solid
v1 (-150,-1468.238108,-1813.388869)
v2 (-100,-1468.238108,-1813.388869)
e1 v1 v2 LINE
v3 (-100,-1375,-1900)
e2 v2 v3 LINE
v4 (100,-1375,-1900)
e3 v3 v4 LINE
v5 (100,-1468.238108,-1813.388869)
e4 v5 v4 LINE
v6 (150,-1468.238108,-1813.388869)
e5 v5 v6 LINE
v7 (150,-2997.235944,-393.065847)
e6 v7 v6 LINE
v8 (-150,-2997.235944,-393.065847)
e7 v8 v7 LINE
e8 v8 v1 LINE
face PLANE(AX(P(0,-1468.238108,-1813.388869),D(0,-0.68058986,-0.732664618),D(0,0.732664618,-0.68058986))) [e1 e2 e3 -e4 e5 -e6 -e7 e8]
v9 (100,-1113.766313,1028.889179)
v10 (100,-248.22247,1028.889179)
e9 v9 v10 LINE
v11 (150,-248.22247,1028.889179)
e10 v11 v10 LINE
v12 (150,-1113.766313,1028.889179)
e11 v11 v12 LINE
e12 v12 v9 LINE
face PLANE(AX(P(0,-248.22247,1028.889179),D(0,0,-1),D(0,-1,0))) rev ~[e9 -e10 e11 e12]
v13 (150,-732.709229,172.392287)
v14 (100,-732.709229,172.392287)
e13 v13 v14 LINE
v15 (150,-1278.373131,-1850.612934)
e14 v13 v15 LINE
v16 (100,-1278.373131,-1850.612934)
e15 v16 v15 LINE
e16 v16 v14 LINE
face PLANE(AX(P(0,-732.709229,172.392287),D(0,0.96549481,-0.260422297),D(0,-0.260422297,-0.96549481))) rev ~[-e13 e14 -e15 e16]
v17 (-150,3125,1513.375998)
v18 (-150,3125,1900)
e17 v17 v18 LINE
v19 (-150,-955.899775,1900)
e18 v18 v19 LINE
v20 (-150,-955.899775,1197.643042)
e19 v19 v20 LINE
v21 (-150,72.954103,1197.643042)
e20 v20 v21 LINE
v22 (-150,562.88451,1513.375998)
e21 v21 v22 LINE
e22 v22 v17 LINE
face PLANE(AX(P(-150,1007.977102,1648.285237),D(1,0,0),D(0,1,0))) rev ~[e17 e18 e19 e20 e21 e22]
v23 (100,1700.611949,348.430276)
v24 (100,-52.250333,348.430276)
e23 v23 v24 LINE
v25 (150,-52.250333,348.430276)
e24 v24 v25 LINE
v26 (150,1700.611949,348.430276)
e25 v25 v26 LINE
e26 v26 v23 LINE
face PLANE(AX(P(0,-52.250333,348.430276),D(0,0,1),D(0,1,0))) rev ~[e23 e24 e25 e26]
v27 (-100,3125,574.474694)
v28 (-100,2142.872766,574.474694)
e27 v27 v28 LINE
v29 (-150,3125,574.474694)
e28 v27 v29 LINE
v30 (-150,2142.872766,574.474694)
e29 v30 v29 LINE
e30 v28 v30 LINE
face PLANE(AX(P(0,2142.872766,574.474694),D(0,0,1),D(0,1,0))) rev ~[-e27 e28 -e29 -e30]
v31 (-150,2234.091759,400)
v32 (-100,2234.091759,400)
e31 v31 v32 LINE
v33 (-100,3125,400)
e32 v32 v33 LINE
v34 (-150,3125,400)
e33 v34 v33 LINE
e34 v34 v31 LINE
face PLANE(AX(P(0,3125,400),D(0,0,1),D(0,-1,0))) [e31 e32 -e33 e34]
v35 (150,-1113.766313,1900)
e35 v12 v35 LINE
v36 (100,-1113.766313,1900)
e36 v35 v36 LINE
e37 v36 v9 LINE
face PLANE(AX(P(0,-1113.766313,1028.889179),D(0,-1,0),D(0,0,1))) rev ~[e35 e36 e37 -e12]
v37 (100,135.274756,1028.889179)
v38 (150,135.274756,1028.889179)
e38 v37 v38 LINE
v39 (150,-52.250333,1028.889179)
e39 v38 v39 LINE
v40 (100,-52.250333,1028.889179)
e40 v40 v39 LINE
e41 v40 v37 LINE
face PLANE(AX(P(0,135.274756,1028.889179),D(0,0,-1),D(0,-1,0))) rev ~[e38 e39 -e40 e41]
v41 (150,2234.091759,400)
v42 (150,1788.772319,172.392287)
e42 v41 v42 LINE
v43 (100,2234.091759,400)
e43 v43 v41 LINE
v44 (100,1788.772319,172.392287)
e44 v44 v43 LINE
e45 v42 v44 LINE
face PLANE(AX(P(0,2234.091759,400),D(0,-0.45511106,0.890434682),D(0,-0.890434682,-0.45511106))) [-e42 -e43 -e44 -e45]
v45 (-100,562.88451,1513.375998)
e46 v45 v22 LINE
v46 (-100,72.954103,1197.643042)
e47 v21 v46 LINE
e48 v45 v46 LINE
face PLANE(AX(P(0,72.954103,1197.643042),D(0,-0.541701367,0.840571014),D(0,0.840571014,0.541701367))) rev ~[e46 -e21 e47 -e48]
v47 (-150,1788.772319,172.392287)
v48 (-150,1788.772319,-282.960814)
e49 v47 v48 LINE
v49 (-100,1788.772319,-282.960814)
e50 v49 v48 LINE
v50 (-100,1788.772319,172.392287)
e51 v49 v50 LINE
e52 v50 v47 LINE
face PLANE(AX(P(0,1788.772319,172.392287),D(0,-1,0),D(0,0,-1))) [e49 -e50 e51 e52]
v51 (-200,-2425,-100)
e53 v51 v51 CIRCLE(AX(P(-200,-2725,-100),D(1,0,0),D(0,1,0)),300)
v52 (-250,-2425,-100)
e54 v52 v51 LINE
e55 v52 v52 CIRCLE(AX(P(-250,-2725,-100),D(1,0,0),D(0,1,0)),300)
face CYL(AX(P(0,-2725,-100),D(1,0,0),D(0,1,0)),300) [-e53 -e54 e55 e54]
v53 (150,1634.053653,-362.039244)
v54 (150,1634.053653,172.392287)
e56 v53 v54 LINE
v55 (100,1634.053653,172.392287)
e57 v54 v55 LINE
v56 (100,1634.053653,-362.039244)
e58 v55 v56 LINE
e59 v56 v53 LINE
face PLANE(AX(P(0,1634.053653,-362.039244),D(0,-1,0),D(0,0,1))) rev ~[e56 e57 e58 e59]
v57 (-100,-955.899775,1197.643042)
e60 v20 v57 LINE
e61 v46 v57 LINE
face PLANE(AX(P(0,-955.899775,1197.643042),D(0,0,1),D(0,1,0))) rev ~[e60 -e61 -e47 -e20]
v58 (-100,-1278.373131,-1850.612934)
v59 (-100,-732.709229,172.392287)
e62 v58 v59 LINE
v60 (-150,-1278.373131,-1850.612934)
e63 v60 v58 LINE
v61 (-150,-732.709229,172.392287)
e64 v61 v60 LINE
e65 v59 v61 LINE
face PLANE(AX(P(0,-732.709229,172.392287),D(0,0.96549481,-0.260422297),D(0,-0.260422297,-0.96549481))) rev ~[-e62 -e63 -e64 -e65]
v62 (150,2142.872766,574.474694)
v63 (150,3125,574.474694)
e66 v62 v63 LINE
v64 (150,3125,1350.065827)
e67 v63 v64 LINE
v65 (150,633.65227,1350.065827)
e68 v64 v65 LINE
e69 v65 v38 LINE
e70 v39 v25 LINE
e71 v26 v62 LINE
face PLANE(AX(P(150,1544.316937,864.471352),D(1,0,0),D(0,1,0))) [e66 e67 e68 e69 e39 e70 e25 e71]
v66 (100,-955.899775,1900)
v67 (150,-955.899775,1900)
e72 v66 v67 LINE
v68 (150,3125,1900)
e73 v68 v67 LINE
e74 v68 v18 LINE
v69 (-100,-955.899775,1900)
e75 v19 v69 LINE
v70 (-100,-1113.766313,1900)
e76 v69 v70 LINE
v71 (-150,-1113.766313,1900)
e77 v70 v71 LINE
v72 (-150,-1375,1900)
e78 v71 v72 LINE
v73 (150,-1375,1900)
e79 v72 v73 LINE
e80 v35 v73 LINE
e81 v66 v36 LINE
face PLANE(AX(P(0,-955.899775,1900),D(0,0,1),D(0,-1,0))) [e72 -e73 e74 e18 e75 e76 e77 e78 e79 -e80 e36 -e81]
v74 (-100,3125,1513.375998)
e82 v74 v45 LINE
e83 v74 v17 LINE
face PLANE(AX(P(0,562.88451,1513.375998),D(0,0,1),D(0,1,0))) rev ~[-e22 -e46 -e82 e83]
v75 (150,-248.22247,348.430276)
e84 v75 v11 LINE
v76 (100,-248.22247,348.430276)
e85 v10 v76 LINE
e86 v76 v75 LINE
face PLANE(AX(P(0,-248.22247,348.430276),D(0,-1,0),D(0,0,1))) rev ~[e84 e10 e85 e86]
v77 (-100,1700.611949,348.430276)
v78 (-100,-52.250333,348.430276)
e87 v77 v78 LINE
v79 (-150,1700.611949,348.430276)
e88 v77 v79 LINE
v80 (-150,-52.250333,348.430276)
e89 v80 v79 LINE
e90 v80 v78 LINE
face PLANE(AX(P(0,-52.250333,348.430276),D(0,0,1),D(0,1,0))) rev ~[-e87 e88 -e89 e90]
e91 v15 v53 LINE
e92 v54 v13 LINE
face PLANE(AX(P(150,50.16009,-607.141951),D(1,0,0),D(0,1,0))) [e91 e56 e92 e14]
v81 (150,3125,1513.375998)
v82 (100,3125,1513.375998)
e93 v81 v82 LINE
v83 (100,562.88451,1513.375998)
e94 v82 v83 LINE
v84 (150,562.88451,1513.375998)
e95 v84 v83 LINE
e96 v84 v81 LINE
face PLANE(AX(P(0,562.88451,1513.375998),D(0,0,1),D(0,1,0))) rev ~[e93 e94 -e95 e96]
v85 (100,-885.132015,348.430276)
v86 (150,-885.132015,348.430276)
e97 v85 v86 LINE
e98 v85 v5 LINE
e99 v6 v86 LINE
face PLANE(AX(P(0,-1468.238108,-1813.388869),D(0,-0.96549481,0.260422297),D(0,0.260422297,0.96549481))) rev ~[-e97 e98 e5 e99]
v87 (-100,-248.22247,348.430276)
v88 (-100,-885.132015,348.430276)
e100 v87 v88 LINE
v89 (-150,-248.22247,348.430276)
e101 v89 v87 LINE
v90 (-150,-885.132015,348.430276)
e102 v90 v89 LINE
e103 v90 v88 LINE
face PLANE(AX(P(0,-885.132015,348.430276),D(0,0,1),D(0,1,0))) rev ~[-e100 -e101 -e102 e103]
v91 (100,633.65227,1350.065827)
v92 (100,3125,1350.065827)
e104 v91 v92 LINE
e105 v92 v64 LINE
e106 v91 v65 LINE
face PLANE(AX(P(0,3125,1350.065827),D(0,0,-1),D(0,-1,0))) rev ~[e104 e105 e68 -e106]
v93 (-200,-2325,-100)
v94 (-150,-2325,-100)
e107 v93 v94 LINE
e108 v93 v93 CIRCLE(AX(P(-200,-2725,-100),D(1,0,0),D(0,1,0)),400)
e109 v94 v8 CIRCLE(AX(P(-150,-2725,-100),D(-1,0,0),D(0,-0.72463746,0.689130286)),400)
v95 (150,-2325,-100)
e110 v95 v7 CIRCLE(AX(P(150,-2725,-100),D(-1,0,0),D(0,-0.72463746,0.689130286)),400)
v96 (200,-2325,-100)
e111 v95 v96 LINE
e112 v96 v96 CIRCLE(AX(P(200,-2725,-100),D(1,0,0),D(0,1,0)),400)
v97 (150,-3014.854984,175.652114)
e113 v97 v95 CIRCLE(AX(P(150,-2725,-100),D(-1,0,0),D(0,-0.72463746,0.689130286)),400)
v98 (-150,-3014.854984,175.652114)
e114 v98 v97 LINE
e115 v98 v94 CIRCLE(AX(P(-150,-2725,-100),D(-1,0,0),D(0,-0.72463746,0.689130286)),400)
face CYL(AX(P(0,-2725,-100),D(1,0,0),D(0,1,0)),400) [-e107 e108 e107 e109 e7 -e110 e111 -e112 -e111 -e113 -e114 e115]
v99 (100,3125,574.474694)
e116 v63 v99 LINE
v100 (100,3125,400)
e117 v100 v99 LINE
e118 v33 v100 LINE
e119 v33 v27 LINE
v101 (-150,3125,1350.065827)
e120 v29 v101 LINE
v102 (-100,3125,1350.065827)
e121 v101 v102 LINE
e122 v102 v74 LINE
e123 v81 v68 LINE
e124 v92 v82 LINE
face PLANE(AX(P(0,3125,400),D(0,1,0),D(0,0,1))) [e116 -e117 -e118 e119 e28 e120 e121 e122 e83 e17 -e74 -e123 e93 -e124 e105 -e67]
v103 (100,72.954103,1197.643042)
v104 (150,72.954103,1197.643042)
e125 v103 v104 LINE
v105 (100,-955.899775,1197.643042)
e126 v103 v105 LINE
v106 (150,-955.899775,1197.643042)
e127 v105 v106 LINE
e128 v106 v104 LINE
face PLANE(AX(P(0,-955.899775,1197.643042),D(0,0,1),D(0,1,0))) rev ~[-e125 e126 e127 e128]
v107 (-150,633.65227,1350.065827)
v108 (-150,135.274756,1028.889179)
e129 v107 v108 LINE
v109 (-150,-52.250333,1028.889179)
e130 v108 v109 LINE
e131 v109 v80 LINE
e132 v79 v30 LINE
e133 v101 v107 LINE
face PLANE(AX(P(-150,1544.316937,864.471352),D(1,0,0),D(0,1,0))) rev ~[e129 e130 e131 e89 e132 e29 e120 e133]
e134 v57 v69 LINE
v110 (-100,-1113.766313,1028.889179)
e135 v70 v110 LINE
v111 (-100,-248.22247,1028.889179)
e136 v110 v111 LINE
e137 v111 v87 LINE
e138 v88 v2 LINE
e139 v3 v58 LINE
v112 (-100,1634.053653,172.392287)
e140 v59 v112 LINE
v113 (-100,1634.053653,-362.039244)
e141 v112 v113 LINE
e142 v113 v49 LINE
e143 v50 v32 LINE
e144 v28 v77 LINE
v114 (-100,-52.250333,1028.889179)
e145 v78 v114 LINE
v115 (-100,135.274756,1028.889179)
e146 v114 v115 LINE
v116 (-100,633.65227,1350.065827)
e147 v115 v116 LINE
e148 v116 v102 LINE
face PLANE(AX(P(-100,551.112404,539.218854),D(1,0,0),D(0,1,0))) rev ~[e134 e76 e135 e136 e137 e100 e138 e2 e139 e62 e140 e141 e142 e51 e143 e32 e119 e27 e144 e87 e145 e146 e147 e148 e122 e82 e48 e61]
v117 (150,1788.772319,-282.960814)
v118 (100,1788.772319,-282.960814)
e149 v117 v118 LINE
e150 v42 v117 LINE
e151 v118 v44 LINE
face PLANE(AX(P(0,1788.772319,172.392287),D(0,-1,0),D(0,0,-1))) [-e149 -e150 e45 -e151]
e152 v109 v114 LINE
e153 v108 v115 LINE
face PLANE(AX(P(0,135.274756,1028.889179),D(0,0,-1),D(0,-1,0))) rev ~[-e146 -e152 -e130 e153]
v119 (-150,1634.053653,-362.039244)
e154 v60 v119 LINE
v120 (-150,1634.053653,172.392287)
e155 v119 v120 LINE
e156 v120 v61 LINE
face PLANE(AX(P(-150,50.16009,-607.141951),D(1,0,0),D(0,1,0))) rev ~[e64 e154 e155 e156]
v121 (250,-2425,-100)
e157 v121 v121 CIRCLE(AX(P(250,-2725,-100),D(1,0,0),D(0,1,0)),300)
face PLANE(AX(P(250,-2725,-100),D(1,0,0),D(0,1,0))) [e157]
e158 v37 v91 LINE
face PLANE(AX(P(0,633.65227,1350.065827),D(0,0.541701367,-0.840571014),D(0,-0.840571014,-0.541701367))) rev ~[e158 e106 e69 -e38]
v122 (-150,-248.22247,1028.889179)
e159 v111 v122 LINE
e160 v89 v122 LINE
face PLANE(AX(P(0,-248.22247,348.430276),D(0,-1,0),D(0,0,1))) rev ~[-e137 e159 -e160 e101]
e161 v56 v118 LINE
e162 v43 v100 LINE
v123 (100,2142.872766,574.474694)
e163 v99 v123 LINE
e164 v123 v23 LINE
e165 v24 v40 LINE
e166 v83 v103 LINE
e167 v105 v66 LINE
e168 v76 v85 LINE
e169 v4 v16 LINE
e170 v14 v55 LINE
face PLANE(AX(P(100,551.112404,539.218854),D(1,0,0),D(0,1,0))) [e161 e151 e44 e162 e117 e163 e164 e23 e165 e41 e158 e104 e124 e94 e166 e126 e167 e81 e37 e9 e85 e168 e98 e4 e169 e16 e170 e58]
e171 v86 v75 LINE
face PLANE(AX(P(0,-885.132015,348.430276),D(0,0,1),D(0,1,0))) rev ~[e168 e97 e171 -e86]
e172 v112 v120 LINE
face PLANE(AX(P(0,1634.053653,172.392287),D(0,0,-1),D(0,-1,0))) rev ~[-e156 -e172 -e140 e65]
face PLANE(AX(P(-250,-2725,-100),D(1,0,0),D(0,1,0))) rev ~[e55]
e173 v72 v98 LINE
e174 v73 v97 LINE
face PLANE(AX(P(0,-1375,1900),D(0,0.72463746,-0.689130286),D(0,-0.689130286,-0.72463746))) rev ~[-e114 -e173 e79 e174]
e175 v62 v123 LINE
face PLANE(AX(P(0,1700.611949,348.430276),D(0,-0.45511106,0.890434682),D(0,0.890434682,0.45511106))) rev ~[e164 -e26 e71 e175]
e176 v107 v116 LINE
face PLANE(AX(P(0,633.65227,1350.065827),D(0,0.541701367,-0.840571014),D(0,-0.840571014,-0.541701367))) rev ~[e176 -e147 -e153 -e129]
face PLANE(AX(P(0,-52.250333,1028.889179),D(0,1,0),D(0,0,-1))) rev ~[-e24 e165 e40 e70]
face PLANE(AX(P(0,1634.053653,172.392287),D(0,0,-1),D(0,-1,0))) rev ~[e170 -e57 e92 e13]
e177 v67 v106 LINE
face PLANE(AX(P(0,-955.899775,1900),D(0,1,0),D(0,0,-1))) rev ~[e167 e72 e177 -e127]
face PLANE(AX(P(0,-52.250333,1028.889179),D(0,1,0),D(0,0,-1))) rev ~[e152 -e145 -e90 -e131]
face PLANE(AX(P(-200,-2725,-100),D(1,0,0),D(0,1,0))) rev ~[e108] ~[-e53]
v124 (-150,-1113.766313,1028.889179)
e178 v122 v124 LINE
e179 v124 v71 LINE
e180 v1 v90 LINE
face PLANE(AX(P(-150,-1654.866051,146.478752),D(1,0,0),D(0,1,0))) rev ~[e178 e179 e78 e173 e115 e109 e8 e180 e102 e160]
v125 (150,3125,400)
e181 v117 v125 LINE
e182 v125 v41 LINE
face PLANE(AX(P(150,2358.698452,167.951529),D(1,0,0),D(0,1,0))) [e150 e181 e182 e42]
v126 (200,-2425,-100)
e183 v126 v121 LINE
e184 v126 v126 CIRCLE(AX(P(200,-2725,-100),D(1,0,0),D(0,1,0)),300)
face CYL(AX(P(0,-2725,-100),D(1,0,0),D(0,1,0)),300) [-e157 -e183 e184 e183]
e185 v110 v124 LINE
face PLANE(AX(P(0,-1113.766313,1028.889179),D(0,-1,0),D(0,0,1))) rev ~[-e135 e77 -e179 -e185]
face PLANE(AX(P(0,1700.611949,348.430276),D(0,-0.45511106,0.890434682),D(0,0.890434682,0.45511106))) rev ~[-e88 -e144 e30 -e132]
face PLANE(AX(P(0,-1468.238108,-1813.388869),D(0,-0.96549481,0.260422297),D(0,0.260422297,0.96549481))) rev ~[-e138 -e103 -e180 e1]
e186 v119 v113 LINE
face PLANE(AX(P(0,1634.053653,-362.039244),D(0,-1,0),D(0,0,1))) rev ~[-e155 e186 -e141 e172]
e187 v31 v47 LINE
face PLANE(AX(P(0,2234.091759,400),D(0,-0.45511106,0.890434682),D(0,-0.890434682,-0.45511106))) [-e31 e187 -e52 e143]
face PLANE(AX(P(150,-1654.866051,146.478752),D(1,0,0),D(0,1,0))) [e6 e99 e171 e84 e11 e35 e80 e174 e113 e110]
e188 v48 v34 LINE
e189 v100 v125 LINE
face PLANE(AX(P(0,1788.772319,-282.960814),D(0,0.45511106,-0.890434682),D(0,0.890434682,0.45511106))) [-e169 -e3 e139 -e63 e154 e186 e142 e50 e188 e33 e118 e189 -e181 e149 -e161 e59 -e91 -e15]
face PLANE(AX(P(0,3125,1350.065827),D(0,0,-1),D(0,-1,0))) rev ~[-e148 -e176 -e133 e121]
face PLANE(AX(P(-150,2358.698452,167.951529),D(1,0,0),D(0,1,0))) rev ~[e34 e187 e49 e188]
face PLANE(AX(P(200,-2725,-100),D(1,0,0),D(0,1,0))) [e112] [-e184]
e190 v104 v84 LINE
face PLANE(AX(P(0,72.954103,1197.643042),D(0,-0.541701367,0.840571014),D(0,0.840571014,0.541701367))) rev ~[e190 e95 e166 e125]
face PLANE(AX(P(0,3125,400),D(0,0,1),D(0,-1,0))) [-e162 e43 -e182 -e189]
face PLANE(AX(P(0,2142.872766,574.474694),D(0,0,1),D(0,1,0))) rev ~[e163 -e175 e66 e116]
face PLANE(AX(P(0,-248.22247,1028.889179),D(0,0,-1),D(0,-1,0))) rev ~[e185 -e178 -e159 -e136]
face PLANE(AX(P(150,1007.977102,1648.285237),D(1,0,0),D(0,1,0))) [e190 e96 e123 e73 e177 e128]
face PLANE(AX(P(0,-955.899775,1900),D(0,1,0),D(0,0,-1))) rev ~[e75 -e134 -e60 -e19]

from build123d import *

# Parameters (mm, degrees)
F1_DEPTH = 100
F0_R     = 300
F2_DEPTH = 200
F3_DEPTH = 250
F4_DEPTH = 150


with BuildPart() as f1:
    # F0 (on Right) → F1 (new body, symmetric)
    with BuildSketch(Plane.YZ):
        Polygon((-955.8997750282, 1900), (-1113.7663125992, 1900), (-1113.7663125992, 1028.8891792297), (-248.2224702835, 1028.8891792297), (-248.2224702835, 348.4302759171), (-885.1320147514, 348.4302759171), (-1468.2381079638, -1813.3888693855), (-1375, -1900), (-1278.3731311349, -1850.6129336911), (-732.7092289925, 172.3922865995), (1634.0536525825, 172.3922865995), (1634.0536525825, -362.0392442356), (1788.7723194661, -282.9608144951), (1788.7723194661, 172.3922865995), (2234.091758728, 400), (3125, 400), (3125, 574.4746935349), (2142.8727660454, 574.4746935349), (1700.611948967, 348.4302759171), (-52.2503331304, 348.4302759171), (-52.2503331304, 1028.8891792297), (135.2747557652, 1028.8891792297), (633.6522698402, 1350.0658273697), (3125, 1350.0658273697), (3125, 1513.3759975433), (562.8845095634, 1513.3759975433), (72.9541033506, 1197.6430416107), (-955.8997750282, 1197.6430416107), align=None)
    extrude(amount=F1_DEPTH, both=True)



with BuildPart() as f2:
    # F0 (on Right) → F2 (new body, symmetric)
    with BuildSketch(Plane.YZ):
        with BuildLine():
            ThreePointArc((-3014.8549841969, 175.6521143329), (-3096.4444732112, 48.4217077144), (-3125, -99.9999988374))
            ThreePointArc((-3125, -99.9999988374), (-3091.6704092333, -259.8524663329), (-2997.2359441847, -393.0658470274))
            ThreePointArc((-2997.2359441847, -393.0658470274), (-2565.1475331342, -466.670409001), (-2325, -100))
            ThreePointArc((-2325, -100), (-2576.5782928254, 271.4444734269), (-3014.8549841969, 175.6521143329))
        make_face()
        with Locations((-2725, -100)):
            Circle(F0_R, mode=Mode.SUBTRACT)
    extrude(amount=F2_DEPTH, both=True)

    # F0 (on Right) → F3 (join, symmetric)
    with BuildSketch(Plane.YZ):
        with Locations((-2725, -100)):
            Circle(F0_R)
    extrude(amount=F3_DEPTH, both=True)


with BuildPart() as f1_1:
    add(f1.part)

    add(f2.part)  # F4 merges F2
    # F0 (on Right) → F4 (join, symmetric)
    with BuildSketch(Plane.YZ):
        with BuildLine():
            Line((-1113.7663125992, 1900), (-1375, 1900))
            Line((-1375, 1900), (-3014.8549841969, 175.6521143329))
            ThreePointArc((-3014.8549841969, 175.6521143329), (-2576.5782928254, 271.4444734269), (-2325, -100))
            ThreePointArc((-2325, -100), (-2565.1475331342, -466.670409001), (-2997.2359441847, -393.0658470274))
            Line((-2997.2359441847, -393.0658470274), (-1468.2381079638, -1813.3888693855))
            Line((-1468.2381079638, -1813.3888693855), (-885.1320147514, 348.4302759171))
            Line((-885.1320147514, 348.4302759171), (-248.2224702835, 348.4302759171))
            Line((-248.2224702835, 348.4302759171), (-248.2224702835, 1028.8891792297))
            Line((-248.2224702835, 1028.8891792297), (-1113.7663125992, 1028.8891792297))
            Line((-1113.7663125992, 1028.8891792297), (-1113.7663125992, 1900))
        make_face()
        Polygon((3125, 1900), (-955.8997750282, 1900), (-955.8997750282, 1197.6430416107), (72.9541033506, 1197.6430416107), (562.8845095634, 1513.3759975433), (3125, 1513.3759975433), align=None)
        Polygon((3125, 574.4746935349), (3125, 1350.0658273697), (633.6522698402, 1350.0658273697), (135.2747557652, 1028.8891792297), (-52.2503331304, 1028.8891792297), (-52.2503331304, 348.4302759171), (1700.611948967, 348.4302759171), (2142.8727660454, 574.4746935349), align=None)
        Polygon((-732.7092289925, 172.3922865995), (-1278.3731311349, -1850.6129336911), (1634.0536525825, -362.0392442356), (1634.0536525825, 172.3922865995), align=None)
        Polygon((1788.7723194661, -282.9608144951), (3125, 400), (2234.091758728, 400), (1788.7723194661, 172.3922865995), align=None)
    extrude(amount=F4_DEPTH, both=True)


solid = f1_1.part
